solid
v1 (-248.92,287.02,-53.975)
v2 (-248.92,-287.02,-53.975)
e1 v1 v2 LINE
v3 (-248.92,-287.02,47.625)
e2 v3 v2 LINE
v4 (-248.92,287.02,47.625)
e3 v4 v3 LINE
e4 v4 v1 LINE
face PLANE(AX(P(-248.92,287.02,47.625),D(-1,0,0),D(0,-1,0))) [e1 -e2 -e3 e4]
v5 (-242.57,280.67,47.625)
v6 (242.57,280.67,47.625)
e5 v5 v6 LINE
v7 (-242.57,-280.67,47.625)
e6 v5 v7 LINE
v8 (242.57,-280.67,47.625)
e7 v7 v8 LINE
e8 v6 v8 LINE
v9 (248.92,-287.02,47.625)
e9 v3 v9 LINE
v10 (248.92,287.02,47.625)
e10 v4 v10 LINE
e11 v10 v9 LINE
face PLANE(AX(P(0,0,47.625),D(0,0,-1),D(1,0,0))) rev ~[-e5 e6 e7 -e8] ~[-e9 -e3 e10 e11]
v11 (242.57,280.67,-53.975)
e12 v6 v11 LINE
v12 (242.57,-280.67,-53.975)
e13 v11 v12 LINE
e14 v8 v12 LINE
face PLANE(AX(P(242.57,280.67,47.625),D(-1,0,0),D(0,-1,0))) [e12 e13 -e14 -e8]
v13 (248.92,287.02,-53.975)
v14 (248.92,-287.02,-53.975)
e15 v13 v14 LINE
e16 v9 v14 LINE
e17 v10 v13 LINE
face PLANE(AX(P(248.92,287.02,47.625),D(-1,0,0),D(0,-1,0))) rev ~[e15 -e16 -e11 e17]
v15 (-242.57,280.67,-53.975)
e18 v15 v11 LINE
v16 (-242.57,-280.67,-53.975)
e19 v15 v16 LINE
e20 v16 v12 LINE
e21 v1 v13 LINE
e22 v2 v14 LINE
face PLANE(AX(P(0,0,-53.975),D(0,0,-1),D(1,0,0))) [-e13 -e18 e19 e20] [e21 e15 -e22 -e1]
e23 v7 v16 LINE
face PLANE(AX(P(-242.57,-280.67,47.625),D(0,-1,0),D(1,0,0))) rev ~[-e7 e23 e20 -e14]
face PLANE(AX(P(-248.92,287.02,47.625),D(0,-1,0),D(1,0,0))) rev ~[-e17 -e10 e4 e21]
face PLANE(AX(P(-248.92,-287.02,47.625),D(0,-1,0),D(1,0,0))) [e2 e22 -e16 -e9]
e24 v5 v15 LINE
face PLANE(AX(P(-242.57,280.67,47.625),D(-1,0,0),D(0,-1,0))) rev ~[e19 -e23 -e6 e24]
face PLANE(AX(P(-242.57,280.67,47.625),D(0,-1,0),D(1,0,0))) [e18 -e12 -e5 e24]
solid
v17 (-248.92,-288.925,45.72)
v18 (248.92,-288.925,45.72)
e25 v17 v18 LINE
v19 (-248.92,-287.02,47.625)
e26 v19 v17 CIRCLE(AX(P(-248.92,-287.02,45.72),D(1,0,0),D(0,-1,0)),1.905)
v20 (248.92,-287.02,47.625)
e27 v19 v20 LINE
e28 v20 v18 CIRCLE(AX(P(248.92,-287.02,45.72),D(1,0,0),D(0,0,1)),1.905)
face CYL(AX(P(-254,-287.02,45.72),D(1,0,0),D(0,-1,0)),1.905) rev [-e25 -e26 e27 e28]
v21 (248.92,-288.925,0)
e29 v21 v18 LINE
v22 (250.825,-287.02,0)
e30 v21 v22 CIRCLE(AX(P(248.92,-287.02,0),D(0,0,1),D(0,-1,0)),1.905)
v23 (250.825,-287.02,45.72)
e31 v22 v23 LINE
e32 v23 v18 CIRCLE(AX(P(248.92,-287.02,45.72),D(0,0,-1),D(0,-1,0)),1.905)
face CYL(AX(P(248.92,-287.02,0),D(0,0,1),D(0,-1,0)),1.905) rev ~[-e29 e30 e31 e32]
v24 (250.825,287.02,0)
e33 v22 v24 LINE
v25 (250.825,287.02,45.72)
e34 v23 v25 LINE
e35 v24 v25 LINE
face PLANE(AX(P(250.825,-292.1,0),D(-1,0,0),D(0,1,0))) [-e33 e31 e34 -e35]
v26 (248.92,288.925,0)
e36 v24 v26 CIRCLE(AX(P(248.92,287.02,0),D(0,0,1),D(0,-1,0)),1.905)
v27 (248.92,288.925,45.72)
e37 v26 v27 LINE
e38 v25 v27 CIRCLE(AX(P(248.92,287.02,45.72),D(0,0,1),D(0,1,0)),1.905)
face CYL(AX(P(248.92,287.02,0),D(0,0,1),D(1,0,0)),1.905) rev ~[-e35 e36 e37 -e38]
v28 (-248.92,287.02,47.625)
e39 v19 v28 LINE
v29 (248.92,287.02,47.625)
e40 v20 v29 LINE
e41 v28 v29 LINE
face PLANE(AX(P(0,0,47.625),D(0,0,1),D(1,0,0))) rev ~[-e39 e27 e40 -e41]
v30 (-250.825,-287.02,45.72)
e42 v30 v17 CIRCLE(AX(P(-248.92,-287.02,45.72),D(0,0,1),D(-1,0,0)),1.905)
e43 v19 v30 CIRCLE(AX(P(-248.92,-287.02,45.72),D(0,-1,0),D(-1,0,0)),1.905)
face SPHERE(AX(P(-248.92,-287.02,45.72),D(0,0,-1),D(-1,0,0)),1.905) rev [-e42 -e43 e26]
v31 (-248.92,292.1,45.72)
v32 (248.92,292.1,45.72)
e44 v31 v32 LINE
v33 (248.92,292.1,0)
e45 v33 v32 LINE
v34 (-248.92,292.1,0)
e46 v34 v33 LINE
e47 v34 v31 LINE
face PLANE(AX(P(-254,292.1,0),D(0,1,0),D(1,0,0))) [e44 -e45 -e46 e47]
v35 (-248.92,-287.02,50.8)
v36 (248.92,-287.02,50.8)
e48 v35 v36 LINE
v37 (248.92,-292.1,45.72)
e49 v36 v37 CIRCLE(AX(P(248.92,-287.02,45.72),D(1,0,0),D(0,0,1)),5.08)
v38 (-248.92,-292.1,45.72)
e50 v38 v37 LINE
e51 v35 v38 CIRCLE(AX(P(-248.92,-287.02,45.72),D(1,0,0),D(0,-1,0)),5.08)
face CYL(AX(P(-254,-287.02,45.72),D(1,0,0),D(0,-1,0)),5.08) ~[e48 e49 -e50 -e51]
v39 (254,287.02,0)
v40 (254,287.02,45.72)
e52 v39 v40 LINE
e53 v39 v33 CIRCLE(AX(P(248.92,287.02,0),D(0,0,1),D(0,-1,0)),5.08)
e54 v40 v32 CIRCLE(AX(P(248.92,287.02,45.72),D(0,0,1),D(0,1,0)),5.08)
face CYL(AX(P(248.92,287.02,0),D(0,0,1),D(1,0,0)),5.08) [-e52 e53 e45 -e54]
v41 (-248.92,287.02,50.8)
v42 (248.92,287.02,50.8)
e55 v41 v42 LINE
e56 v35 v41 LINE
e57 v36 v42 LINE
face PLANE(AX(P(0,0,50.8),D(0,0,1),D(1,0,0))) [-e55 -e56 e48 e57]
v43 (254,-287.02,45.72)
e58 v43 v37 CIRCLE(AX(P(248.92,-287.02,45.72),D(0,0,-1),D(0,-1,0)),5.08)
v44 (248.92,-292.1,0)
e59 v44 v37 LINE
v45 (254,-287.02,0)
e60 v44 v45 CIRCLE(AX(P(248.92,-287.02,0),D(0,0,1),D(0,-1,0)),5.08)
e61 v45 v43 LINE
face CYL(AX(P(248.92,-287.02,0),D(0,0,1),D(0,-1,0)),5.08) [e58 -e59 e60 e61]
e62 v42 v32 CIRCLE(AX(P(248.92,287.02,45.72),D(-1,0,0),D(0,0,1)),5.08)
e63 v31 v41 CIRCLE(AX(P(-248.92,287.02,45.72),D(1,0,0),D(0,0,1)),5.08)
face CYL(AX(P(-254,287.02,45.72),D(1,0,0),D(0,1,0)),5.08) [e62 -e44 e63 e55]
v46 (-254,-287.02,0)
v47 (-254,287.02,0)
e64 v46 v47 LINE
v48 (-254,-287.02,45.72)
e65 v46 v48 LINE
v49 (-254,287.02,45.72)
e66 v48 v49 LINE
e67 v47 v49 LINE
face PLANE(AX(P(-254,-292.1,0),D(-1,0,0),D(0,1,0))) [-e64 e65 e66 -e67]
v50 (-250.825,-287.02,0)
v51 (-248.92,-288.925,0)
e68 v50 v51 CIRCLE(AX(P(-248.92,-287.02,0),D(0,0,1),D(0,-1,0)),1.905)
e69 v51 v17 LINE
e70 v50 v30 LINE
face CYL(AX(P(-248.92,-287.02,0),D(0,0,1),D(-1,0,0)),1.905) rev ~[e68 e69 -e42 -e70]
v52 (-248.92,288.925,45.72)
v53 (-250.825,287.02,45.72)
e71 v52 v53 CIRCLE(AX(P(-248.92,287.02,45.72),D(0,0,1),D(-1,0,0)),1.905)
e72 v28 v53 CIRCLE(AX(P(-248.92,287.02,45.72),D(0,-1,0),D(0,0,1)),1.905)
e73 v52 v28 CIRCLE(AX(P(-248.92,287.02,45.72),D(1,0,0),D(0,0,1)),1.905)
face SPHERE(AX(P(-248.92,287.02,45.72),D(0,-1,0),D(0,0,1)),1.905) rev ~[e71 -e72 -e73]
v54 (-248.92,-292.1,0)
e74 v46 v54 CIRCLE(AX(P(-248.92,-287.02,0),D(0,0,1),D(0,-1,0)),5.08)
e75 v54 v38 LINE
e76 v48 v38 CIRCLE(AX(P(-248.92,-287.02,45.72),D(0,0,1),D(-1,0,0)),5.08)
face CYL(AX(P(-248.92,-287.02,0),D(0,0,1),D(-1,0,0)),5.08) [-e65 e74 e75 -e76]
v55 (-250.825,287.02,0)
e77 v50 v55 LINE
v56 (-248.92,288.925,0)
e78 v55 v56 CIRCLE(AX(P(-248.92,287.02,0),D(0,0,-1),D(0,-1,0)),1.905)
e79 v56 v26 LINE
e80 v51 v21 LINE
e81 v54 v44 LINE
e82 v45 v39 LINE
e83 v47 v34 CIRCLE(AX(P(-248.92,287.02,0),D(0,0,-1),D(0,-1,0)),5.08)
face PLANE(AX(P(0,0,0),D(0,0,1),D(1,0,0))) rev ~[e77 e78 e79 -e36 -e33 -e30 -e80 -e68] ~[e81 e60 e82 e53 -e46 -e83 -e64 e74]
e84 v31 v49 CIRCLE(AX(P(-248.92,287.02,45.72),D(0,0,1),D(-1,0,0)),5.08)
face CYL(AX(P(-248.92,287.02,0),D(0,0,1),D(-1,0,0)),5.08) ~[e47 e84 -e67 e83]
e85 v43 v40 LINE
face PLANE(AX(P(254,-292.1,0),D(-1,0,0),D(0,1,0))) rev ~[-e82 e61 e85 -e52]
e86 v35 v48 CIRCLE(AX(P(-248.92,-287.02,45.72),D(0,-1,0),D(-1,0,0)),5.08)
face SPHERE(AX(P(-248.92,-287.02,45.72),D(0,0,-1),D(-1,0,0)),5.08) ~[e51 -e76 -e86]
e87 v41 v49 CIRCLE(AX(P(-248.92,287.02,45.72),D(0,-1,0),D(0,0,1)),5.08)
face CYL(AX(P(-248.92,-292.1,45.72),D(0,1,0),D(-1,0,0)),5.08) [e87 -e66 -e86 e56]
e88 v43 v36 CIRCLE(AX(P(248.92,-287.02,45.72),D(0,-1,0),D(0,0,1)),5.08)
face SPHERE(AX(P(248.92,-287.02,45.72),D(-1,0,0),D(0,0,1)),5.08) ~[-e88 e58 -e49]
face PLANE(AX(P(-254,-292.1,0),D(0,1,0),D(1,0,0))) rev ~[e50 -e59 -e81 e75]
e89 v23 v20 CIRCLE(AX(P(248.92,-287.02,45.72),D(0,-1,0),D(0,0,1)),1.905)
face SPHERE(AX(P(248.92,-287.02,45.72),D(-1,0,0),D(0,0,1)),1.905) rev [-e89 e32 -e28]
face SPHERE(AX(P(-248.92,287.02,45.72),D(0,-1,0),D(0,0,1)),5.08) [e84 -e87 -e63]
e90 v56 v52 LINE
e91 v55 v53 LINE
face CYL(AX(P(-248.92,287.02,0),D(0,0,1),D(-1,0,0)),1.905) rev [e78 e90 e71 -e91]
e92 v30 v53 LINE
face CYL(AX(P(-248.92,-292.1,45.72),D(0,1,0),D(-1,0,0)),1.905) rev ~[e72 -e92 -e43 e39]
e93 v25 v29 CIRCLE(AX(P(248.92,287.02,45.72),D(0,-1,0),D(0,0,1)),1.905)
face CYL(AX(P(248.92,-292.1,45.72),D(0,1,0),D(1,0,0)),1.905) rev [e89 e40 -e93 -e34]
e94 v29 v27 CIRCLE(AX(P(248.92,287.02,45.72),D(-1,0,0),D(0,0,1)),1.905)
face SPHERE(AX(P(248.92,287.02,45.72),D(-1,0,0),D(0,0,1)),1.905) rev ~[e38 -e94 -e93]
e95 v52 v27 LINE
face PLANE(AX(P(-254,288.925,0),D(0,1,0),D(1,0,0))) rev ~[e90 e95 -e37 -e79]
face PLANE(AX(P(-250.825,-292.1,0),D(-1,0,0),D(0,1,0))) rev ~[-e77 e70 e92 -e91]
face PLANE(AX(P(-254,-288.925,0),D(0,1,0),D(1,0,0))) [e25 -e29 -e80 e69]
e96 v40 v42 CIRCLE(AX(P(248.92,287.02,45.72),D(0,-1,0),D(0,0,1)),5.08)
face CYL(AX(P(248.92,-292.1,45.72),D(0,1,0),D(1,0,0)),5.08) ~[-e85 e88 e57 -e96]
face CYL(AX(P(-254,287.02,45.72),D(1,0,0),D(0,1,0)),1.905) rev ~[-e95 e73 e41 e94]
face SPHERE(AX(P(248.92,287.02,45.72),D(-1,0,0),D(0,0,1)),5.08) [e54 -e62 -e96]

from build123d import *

# Parameters (mm, degrees)
F0_W     = 508
F0_H     = 584.2
F1_DEPTH = 50.8
F2_R     = 5.08
F3_T     = -3.175
F4_W     = 497.84
F4_H     = 574.04
F4_W_2   = 485.14
F4_H_2   = 561.34
F5_DEPTH = 101.6


with BuildPart() as f1:
    # F0 (on Top) → F1 (new body)
    with BuildSketch(Plane.XY):
        Rectangle(F0_W, F0_H)
    extrude(amount=F1_DEPTH)

    # F2
    f2_edges = [f1.edges().sort_by_distance(p)[0] for p in [
        (-254, -292.1, 25.4),
        (-254, 0, 50.8),
        (0, 292.1, 50.8),
        (0, -292.1, 50.8),
        (254, 0, 50.8),
        (254, -292.1, 25.4),
        (254, 292.1, 25.4),
        (-254, 292.1, 25.4),
    ]]
    fillet(f2_edges, radius=F2_R)

    # F3
    f3_openings = [f1.faces().sort_by_distance(p)[0] for p in [
        (0, 0, 0),
    ]]
    offset(amount=F3_T, openings=f3_openings)


with BuildPart() as f5:
    # F4 (on face) → F5 (new body)
    with BuildSketch(Plane(origin=(0, 0, 47.625), x_dir=(1, 0, 0), z_dir=(0, 0, -1))):
        Rectangle(F4_W, F4_H)
        Rectangle(F4_W_2, F4_H_2, mode=Mode.SUBTRACT)
    extrude(amount=F5_DEPTH)


solid = Compound([f1.part, f5.part])
